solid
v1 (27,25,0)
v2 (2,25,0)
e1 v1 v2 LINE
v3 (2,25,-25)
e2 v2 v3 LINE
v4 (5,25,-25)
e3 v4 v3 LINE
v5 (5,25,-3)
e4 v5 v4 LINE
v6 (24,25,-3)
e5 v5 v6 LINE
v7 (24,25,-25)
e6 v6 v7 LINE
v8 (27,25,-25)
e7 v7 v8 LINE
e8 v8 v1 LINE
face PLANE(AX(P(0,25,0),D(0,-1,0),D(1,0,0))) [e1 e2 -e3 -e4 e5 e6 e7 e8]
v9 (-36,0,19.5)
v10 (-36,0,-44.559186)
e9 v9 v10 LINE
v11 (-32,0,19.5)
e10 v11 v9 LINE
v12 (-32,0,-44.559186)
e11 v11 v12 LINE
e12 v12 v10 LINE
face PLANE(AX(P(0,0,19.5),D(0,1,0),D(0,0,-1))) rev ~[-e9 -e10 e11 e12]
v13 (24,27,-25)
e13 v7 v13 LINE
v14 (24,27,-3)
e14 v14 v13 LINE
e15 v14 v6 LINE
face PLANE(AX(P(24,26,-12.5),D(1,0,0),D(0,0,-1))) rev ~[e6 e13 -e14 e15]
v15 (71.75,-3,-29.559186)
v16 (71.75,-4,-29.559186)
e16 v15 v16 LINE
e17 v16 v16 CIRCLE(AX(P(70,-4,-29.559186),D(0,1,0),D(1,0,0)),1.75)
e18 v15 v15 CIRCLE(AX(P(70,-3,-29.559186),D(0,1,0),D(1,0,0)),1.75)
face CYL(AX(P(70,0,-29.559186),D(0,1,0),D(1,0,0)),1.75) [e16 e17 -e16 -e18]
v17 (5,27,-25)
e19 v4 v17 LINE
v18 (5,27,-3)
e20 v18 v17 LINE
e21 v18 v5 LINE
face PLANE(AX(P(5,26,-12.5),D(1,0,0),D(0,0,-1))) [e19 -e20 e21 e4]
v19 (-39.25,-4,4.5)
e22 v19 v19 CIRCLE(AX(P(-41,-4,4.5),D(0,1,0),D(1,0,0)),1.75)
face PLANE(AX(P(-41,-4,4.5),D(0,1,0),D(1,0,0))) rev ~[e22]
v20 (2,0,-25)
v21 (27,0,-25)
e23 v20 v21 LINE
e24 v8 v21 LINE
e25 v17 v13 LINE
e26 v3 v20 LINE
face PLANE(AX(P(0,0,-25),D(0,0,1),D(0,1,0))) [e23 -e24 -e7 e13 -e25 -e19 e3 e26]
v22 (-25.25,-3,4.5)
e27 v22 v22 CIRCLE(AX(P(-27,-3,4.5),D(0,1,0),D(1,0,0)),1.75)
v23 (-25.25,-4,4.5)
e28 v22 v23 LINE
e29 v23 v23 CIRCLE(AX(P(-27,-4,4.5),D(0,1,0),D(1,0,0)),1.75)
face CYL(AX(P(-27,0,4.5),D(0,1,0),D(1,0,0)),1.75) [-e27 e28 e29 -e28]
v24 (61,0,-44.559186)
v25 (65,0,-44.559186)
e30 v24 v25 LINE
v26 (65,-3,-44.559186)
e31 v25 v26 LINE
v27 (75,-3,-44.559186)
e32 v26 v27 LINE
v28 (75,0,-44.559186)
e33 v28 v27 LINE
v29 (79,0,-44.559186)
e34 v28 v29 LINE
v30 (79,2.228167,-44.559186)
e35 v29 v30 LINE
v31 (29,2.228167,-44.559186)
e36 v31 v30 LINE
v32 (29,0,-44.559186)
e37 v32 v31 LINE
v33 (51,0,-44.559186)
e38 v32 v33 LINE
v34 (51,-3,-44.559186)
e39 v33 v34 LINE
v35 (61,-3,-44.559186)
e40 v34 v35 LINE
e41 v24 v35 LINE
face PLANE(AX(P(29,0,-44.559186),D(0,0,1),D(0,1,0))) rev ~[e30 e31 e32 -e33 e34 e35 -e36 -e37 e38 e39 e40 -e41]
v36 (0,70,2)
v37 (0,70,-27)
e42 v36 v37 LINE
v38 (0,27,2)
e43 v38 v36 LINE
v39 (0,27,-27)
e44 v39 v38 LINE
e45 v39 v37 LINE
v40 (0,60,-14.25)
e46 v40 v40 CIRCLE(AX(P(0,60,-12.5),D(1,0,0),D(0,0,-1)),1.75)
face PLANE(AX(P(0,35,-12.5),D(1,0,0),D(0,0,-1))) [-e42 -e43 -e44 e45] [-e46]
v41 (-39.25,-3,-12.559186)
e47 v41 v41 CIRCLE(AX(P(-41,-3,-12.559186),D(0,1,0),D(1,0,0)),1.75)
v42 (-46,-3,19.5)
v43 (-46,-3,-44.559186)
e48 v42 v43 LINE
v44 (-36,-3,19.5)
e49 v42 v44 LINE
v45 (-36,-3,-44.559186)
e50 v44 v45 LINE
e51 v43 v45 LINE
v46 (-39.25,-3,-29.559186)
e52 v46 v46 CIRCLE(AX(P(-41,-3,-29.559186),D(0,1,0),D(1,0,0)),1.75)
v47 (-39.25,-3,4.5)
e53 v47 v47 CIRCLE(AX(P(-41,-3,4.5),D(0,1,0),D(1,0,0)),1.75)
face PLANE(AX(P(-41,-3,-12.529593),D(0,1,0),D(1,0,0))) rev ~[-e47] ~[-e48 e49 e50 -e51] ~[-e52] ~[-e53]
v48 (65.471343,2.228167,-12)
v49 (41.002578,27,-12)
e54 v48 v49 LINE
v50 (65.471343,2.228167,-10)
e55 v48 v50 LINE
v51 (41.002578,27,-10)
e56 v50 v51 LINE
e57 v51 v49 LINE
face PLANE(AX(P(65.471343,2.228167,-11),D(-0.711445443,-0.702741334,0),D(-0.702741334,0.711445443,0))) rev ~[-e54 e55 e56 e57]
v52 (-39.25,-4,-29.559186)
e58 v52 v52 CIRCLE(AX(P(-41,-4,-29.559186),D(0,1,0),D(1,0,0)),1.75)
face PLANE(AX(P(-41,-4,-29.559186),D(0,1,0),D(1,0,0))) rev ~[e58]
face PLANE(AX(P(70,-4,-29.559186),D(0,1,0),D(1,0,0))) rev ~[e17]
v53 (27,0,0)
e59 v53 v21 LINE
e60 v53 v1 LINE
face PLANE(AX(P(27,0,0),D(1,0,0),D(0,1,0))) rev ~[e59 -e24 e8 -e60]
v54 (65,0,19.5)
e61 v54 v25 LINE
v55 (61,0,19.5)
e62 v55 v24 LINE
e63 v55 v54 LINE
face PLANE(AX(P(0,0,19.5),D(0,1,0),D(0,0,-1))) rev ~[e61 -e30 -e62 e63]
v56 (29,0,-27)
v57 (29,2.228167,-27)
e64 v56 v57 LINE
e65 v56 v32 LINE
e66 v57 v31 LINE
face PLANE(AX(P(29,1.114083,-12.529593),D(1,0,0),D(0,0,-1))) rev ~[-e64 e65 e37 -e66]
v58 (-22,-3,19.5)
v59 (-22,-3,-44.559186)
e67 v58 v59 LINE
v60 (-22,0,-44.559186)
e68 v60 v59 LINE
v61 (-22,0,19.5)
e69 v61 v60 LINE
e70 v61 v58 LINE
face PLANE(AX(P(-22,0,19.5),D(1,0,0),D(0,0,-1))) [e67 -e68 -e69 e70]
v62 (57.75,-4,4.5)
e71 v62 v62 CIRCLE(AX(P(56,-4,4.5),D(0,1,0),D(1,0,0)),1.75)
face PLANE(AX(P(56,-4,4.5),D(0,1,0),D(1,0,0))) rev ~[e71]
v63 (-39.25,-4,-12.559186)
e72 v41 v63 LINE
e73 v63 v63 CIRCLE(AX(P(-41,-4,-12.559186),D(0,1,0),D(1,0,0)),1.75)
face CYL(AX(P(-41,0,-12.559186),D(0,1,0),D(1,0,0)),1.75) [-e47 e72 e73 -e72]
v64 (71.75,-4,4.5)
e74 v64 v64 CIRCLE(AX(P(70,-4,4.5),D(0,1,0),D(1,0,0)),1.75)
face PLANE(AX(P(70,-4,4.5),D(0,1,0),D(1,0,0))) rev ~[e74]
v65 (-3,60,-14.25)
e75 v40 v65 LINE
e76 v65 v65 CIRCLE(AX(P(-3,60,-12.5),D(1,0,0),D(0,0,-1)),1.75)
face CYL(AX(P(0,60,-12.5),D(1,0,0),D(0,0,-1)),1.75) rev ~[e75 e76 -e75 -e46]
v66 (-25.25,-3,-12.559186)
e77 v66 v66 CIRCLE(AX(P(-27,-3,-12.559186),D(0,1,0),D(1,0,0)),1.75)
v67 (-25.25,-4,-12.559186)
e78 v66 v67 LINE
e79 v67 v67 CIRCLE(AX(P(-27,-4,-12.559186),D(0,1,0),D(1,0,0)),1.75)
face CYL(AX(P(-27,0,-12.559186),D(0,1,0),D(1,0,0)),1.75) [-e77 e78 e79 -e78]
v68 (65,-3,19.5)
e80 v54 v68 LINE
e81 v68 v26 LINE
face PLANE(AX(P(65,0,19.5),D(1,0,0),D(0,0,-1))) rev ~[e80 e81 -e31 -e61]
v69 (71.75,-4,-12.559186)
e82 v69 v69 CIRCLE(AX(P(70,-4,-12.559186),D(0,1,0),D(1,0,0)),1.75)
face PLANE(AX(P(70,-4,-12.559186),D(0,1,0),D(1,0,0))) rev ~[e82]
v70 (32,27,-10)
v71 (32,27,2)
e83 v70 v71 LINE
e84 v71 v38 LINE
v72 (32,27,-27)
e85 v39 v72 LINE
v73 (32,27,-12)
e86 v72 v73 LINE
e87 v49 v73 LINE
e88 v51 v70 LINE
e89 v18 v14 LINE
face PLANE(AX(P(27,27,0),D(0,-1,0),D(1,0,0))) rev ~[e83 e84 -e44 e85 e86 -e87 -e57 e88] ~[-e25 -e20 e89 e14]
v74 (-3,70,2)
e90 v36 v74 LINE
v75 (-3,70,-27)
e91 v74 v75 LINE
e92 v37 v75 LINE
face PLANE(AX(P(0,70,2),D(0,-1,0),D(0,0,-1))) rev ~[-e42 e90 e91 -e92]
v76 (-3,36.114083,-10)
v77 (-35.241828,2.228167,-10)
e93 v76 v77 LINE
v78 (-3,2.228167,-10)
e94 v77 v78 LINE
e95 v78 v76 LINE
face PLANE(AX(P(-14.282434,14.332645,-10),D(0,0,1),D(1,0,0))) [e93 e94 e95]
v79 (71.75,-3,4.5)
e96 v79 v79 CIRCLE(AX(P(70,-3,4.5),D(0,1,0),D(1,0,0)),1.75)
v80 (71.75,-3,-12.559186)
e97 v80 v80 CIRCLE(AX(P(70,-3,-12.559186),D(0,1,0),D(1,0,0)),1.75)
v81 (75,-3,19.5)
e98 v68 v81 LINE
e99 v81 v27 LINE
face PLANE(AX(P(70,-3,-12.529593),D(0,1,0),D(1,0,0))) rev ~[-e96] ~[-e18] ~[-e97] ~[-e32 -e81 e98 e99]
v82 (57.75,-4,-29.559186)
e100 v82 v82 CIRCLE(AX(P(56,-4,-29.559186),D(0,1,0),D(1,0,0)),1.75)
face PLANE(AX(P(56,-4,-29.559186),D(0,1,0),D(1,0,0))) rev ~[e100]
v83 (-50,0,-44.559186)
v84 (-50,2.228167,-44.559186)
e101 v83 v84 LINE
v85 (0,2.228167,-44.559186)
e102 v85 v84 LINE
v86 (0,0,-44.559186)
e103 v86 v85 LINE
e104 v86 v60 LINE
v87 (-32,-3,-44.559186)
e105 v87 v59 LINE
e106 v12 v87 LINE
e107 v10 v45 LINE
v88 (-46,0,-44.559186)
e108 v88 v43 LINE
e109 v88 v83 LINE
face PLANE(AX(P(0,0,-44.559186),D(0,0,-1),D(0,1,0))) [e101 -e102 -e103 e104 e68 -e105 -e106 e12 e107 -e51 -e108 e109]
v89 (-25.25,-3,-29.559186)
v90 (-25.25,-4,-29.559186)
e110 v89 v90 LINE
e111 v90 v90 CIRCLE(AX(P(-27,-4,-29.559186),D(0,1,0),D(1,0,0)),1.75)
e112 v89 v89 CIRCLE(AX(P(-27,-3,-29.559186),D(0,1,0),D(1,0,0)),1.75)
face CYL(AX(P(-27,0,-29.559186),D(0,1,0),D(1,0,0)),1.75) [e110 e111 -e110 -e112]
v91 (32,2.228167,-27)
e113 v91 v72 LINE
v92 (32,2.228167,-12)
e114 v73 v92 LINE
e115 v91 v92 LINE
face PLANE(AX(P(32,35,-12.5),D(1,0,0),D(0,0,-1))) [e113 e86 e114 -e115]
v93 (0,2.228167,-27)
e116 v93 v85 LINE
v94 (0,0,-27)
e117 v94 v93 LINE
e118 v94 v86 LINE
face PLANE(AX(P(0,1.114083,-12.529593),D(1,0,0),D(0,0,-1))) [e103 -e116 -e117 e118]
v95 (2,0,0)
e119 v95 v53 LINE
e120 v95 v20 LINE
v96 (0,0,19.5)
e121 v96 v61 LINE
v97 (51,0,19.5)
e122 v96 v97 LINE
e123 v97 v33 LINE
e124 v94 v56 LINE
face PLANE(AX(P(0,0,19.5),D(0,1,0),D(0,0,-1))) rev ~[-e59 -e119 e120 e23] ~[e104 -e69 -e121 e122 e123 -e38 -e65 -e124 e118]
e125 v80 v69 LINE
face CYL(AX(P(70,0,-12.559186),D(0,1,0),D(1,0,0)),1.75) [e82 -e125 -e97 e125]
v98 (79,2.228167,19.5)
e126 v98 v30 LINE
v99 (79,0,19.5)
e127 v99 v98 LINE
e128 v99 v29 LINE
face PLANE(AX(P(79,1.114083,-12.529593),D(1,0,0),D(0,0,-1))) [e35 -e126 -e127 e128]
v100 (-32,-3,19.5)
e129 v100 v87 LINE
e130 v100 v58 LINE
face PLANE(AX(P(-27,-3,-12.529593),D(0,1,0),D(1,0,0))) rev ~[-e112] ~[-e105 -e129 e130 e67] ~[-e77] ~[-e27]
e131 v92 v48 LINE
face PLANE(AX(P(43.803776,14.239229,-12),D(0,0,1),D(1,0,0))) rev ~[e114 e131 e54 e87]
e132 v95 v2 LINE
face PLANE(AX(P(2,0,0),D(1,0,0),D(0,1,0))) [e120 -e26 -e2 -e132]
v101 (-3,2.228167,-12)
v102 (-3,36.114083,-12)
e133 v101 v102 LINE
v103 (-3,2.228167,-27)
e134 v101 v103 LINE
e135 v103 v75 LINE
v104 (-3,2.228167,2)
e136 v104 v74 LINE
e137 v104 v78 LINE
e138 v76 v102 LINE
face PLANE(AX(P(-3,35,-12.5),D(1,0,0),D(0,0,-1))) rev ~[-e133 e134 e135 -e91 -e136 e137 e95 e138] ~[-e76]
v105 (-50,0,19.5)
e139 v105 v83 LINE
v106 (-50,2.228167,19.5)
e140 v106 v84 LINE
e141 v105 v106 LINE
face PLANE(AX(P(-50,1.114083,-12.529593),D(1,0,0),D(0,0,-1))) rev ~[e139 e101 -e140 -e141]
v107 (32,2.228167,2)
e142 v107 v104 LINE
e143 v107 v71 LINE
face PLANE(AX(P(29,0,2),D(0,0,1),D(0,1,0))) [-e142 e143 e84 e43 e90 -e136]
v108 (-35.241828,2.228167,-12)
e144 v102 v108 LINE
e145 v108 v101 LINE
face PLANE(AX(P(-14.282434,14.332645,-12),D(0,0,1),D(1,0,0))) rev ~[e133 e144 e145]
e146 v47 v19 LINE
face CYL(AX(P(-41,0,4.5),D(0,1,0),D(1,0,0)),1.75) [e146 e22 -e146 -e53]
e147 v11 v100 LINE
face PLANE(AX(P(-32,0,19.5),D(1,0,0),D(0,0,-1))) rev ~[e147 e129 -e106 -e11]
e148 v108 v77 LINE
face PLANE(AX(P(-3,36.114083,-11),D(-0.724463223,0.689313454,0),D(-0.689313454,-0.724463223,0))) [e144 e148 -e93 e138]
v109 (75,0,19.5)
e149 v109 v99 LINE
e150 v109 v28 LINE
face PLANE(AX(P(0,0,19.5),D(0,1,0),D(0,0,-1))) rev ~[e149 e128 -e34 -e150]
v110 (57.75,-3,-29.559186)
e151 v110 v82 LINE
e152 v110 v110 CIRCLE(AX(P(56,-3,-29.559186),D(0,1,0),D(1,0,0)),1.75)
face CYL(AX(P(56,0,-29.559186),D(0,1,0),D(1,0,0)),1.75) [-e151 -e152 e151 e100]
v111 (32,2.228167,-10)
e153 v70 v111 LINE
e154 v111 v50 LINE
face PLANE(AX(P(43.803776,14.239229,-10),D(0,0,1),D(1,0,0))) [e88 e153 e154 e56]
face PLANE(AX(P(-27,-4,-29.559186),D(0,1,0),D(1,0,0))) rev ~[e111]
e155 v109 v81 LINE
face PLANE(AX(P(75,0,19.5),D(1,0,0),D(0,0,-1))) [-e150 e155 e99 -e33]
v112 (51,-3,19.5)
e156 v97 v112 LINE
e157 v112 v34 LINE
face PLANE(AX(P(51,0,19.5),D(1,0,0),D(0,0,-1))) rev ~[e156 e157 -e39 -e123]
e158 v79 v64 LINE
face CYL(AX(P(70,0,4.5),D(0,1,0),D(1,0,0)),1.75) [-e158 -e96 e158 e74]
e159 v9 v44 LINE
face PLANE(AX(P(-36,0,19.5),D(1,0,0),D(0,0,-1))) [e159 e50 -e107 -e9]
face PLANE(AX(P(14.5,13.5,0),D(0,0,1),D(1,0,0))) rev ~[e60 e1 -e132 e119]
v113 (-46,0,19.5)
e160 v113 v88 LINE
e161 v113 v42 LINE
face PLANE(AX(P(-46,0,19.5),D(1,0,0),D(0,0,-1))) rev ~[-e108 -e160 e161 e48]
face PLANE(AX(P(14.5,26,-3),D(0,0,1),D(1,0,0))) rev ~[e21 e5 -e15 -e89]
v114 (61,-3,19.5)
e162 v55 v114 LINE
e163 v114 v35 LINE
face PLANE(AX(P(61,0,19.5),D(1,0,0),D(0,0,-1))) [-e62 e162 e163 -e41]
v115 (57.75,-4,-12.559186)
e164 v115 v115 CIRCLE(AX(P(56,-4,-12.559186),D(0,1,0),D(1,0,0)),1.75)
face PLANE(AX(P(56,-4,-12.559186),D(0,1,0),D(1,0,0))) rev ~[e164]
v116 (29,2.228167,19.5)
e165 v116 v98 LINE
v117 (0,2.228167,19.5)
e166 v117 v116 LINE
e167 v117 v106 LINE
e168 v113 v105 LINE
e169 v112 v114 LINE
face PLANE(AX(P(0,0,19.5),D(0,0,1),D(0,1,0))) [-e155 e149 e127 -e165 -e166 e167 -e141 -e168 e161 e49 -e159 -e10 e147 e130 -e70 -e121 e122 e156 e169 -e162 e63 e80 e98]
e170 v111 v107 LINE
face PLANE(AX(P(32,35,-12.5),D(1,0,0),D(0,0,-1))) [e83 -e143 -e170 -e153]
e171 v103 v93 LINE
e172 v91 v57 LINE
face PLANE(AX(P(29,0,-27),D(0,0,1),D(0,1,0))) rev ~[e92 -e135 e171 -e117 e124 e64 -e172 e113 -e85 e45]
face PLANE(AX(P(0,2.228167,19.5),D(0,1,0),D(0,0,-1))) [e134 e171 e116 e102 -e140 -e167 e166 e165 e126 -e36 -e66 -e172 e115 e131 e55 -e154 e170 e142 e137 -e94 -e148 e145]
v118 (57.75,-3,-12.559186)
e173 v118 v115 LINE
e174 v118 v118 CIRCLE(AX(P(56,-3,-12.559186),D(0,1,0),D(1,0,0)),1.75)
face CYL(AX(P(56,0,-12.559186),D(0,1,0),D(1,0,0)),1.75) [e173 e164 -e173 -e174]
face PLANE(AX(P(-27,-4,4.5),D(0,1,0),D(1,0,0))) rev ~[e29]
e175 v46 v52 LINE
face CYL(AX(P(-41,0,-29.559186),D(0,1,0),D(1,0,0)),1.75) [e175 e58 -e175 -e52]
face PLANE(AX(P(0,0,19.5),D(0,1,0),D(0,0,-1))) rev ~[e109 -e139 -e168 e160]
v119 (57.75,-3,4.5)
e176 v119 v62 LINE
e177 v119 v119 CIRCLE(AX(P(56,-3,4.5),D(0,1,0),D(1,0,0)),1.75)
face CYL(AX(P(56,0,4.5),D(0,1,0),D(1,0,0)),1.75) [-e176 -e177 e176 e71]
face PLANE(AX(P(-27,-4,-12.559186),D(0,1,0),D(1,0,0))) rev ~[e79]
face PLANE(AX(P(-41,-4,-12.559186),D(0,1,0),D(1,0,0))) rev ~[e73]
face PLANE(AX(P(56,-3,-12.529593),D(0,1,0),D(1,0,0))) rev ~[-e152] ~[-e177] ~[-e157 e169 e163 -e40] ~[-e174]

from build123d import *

# Parameters (mm, degrees)
SKETCH1_W                 = 29
SKETCH1_H                 = 27
BOSS_EXTRUDE2_DEPTH       = 2
SKETCH2_W                 = 2
SKETCH2_H                 = 27
BOSS_EXTRUDE3_DEPTH       = 27
SKETCH3_W                 = 2
SKETCH3_H                 = 27
BOSS_EXTRUDE4_DEPTH       = 27
SKETCH4_W                 = 2
SKETCH4_H                 = 27
BOSS_EXTRUDE5_DEPTH       = 29
SKETCH5_W                 = 29
SKETCH5_H                 = 2
BOSS_EXTRUDE6_DEPTH       = 5
SKETCH6_W                 = 29
SKETCH6_H                 = 2
BOSS_EXTRUDE7_DEPTH       = 5
SKETCH7_W                 = 29
SKETCH7_H                 = 2
BOSS_EXTRUDE9_DEPTH       = 3
SKETCH8_W                 = 29
SKETCH8_H                 = 70
BOSS_EXTRUDE10_DEPTH      = 3
SKETCH9_W                 = 29
SKETCH9_H                 = 70
BOSS_EXTRUDE11_DEPTH      = 3
SKETCH10_R                = 1.75
CUT_EXTRUDE1_DEPTH        = 40
CUT_EXTRUDE1_DEPTH_BACK   = 4
SKETCH14_W                = 64.059186105
SKETCH14_H                = 2.228166541
BOSS_EXTRUDE15_DEPTH      = 50
SKETCH15_W                = 64.059186105
SKETCH15_H                = 2.228166541
BOSS_EXTRUDE16_DEPTH      = 50
SKETCH16_W                = 17.5
SKETCH16_H                = 2.228166541
BOSS_EXTRUDE17_DEPTH      = 29
BOSS_EXTRUDE18_DEPTH      = 1
BOSS_EXTRUDE18_DEPTH_BACK = 1
SKETCH19_W                = 29
SKETCH19_H                = 43
CUT_EXTRUDE2_DEPTH        = 15
SKETCH20_W                = 10
SKETCH20_H                = 64.059186105
BOSS_EXTRUDE19_DEPTH      = 3
SKETCH21_R                = 1.75
BOSS_EXTRUDE20_DEPTH      = 4


with BuildPart() as part:
    # Sketch1 → Boss-Extrude2 (new body)
    with BuildSketch(Plane.XY):
        with Locations((14.5, 13.5)):
            Rectangle(SKETCH1_W, SKETCH1_H)
    extrude(amount=BOSS_EXTRUDE2_DEPTH)

    # Sketch2 → Boss-Extrude3 (add)
    with BuildSketch(Plane.XY):
        with Locations((1, 13.5)):
            Rectangle(SKETCH2_W, SKETCH2_H)
    extrude(amount=-BOSS_EXTRUDE3_DEPTH)

    # Sketch3 → Boss-Extrude4 (add)
    with BuildSketch(Plane.XY):
        with Locations((28, 13.5)):
            Rectangle(SKETCH3_W, SKETCH3_H)
    extrude(amount=-BOSS_EXTRUDE4_DEPTH)

    # Sketch4 → Boss-Extrude5 (add)
    with BuildSketch(Plane(origin=(0, 0, 0), x_dir=(0, 0, -1), z_dir=(1, 0, 0))):
        with Locations((26, 13.5)):
            Rectangle(SKETCH4_W, SKETCH4_H)
    extrude(amount=BOSS_EXTRUDE5_DEPTH)

    # Sketch5 → Boss-Extrude6 (add)
    with BuildSketch(Plane(origin=(0, 0, 0), x_dir=(0, 0, -1), z_dir=(1, 0, 0))):
        with Locations((12.5, 26)):
            Rectangle(SKETCH5_W, SKETCH5_H)
    extrude(amount=BOSS_EXTRUDE6_DEPTH)

    # Sketch6 → Boss-Extrude7 (add)
    with BuildSketch(Plane(origin=(29, 0, 0), x_dir=(0, 0, -1), z_dir=(1, 0, 0))):
        with Locations((12.5, 26)):
            Rectangle(SKETCH6_W, SKETCH6_H)
    extrude(amount=-BOSS_EXTRUDE7_DEPTH)

    # Sketch7 → Boss-Extrude9 (add)
    with BuildSketch(Plane.XY):
        with Locations((14.5, 26)):
            Rectangle(SKETCH7_W, SKETCH7_H)
    extrude(amount=-BOSS_EXTRUDE9_DEPTH)

    # Sketch8 → Boss-Extrude10 (add)
    with BuildSketch(Plane(origin=(0, 0, 0), x_dir=(0, 0, -1), z_dir=(1, 0, 0))):
        with Locations((12.5, 35)):
            Rectangle(SKETCH8_W, SKETCH8_H)
    extrude(amount=-BOSS_EXTRUDE10_DEPTH)

    # Sketch9 → Boss-Extrude11 (add)
    with BuildSketch(Plane(origin=(29, 0, 0), x_dir=(0, 0, -1), z_dir=(1, 0, 0))):
        with Locations((12.5, 35)):
            Rectangle(SKETCH9_W, SKETCH9_H)
    extrude(amount=BOSS_EXTRUDE11_DEPTH)

    # Sketch10 → Cut-Extrude1 (cut, two sides)
    with BuildSketch(Plane(origin=(0, 0, 0), x_dir=(0, 0, -1), z_dir=(1, 0, 0))) as cut_extrude1_sk:
        with Locations((12.5, 60)):
            Circle(SKETCH10_R)
    extrude(amount=CUT_EXTRUDE1_DEPTH, mode=Mode.SUBTRACT)
    extrude(cut_extrude1_sk.sketch, amount=-CUT_EXTRUDE1_DEPTH_BACK, mode=Mode.SUBTRACT)

    # Sketch14 → Boss-Extrude15 (add)
    with BuildSketch(Plane(origin=(29, 0, 0), x_dir=(0, 0, -1), z_dir=(1, 0, 0))):
        with Locations((12.529593053, 1.114083271)):
            Rectangle(SKETCH14_W, SKETCH14_H)
    extrude(amount=BOSS_EXTRUDE15_DEPTH)

    # Sketch15 → Boss-Extrude16 (add)
    with BuildSketch(Plane(origin=(0, 0, 0), x_dir=(0, 0, -1), z_dir=(1, 0, 0))):
        with Locations((12.529593053, 1.114083271)):
            Rectangle(SKETCH15_W, SKETCH15_H)
    extrude(amount=-BOSS_EXTRUDE16_DEPTH)

    # Sketch16 → Boss-Extrude17 (add)
    with BuildSketch(Plane(origin=(0, 0, 0), x_dir=(0, 0, -1), z_dir=(1, 0, 0))):
        with Locations((-10.75, 1.114083271)):
            Rectangle(SKETCH16_W, SKETCH16_H)
    extrude(amount=BOSS_EXTRUDE17_DEPTH)

    # Sketch18 → Boss-Extrude18 (add, two sides)
    with BuildSketch(Plane.XY.offset(-11)) as boss_extrude18_sk:
        Polygon((-35.241827575, 2.228166541), (-3, 2.228166541), (-3, 36.114083271), align=None)
        Polygon((32, 2.228166541), (65.471342827, 2.228166541), (32, 36.114083271), align=None)
    extrude(amount=BOSS_EXTRUDE18_DEPTH)
    extrude(boss_extrude18_sk.sketch, amount=-BOSS_EXTRUDE18_DEPTH_BACK)

    # Sketch19 → Cut-Extrude2 (cut)
    with BuildSketch(Plane(origin=(29, 0, 0), x_dir=(0, 0, -1), z_dir=(1, 0, 0))):
        with Locations((12.5, 48.5)):
            Rectangle(SKETCH19_W, SKETCH19_H)
    extrude(amount=CUT_EXTRUDE2_DEPTH, mode=Mode.SUBTRACT)

    # Sketch20 → Boss-Extrude19 (add)
    with BuildSketch(Plane(origin=(0, 0, 0), x_dir=(1, 0, 0), z_dir=(0, 1, 0))):
        with Locations((-41, 12.529593053)):
            Rectangle(SKETCH20_W, SKETCH20_H)
        with Locations((-27, 12.529593053)):
            Rectangle(SKETCH20_W, SKETCH20_H)
        with Locations((70, 12.529593053)):
            Rectangle(SKETCH20_W, SKETCH20_H)
        with Locations((56, 12.529593053)):
            Rectangle(SKETCH20_W, SKETCH20_H)
    extrude(amount=-BOSS_EXTRUDE19_DEPTH)

    # Sketch21 → Boss-Extrude20 (add)
    with BuildSketch(Plane(origin=(0, 0, 0), x_dir=(1, 0, 0), z_dir=(0, 1, 0))):
        with Locations((-41, 29.559186105)):
            Circle(SKETCH21_R)
        with Locations((-41, 12.559186105)):
            Circle(SKETCH21_R)
        with Locations((-41, -4.5)):
            Circle(SKETCH21_R)
        with Locations((-27, 29.559186105)):
            Circle(SKETCH21_R)
        with Locations((-27, 12.559186105)):
            Circle(SKETCH21_R)
        with Locations((-27, -4.5)):
            Circle(SKETCH21_R)
        with Locations((56, 29.559186105)):
            Circle(SKETCH21_R)
        with Locations((56, 12.559186105)):
            Circle(SKETCH21_R)
        with Locations((56, -4.5)):
            Circle(SKETCH21_R)
        with Locations((70, 29.559186105)):
            Circle(SKETCH21_R)
        with Locations((70, 12.559186105)):
            Circle(SKETCH21_R)
        with Locations((70, -4.5)):
            Circle(SKETCH21_R)
    extrude(amount=-BOSS_EXTRUDE20_DEPTH)


solid = part.part
